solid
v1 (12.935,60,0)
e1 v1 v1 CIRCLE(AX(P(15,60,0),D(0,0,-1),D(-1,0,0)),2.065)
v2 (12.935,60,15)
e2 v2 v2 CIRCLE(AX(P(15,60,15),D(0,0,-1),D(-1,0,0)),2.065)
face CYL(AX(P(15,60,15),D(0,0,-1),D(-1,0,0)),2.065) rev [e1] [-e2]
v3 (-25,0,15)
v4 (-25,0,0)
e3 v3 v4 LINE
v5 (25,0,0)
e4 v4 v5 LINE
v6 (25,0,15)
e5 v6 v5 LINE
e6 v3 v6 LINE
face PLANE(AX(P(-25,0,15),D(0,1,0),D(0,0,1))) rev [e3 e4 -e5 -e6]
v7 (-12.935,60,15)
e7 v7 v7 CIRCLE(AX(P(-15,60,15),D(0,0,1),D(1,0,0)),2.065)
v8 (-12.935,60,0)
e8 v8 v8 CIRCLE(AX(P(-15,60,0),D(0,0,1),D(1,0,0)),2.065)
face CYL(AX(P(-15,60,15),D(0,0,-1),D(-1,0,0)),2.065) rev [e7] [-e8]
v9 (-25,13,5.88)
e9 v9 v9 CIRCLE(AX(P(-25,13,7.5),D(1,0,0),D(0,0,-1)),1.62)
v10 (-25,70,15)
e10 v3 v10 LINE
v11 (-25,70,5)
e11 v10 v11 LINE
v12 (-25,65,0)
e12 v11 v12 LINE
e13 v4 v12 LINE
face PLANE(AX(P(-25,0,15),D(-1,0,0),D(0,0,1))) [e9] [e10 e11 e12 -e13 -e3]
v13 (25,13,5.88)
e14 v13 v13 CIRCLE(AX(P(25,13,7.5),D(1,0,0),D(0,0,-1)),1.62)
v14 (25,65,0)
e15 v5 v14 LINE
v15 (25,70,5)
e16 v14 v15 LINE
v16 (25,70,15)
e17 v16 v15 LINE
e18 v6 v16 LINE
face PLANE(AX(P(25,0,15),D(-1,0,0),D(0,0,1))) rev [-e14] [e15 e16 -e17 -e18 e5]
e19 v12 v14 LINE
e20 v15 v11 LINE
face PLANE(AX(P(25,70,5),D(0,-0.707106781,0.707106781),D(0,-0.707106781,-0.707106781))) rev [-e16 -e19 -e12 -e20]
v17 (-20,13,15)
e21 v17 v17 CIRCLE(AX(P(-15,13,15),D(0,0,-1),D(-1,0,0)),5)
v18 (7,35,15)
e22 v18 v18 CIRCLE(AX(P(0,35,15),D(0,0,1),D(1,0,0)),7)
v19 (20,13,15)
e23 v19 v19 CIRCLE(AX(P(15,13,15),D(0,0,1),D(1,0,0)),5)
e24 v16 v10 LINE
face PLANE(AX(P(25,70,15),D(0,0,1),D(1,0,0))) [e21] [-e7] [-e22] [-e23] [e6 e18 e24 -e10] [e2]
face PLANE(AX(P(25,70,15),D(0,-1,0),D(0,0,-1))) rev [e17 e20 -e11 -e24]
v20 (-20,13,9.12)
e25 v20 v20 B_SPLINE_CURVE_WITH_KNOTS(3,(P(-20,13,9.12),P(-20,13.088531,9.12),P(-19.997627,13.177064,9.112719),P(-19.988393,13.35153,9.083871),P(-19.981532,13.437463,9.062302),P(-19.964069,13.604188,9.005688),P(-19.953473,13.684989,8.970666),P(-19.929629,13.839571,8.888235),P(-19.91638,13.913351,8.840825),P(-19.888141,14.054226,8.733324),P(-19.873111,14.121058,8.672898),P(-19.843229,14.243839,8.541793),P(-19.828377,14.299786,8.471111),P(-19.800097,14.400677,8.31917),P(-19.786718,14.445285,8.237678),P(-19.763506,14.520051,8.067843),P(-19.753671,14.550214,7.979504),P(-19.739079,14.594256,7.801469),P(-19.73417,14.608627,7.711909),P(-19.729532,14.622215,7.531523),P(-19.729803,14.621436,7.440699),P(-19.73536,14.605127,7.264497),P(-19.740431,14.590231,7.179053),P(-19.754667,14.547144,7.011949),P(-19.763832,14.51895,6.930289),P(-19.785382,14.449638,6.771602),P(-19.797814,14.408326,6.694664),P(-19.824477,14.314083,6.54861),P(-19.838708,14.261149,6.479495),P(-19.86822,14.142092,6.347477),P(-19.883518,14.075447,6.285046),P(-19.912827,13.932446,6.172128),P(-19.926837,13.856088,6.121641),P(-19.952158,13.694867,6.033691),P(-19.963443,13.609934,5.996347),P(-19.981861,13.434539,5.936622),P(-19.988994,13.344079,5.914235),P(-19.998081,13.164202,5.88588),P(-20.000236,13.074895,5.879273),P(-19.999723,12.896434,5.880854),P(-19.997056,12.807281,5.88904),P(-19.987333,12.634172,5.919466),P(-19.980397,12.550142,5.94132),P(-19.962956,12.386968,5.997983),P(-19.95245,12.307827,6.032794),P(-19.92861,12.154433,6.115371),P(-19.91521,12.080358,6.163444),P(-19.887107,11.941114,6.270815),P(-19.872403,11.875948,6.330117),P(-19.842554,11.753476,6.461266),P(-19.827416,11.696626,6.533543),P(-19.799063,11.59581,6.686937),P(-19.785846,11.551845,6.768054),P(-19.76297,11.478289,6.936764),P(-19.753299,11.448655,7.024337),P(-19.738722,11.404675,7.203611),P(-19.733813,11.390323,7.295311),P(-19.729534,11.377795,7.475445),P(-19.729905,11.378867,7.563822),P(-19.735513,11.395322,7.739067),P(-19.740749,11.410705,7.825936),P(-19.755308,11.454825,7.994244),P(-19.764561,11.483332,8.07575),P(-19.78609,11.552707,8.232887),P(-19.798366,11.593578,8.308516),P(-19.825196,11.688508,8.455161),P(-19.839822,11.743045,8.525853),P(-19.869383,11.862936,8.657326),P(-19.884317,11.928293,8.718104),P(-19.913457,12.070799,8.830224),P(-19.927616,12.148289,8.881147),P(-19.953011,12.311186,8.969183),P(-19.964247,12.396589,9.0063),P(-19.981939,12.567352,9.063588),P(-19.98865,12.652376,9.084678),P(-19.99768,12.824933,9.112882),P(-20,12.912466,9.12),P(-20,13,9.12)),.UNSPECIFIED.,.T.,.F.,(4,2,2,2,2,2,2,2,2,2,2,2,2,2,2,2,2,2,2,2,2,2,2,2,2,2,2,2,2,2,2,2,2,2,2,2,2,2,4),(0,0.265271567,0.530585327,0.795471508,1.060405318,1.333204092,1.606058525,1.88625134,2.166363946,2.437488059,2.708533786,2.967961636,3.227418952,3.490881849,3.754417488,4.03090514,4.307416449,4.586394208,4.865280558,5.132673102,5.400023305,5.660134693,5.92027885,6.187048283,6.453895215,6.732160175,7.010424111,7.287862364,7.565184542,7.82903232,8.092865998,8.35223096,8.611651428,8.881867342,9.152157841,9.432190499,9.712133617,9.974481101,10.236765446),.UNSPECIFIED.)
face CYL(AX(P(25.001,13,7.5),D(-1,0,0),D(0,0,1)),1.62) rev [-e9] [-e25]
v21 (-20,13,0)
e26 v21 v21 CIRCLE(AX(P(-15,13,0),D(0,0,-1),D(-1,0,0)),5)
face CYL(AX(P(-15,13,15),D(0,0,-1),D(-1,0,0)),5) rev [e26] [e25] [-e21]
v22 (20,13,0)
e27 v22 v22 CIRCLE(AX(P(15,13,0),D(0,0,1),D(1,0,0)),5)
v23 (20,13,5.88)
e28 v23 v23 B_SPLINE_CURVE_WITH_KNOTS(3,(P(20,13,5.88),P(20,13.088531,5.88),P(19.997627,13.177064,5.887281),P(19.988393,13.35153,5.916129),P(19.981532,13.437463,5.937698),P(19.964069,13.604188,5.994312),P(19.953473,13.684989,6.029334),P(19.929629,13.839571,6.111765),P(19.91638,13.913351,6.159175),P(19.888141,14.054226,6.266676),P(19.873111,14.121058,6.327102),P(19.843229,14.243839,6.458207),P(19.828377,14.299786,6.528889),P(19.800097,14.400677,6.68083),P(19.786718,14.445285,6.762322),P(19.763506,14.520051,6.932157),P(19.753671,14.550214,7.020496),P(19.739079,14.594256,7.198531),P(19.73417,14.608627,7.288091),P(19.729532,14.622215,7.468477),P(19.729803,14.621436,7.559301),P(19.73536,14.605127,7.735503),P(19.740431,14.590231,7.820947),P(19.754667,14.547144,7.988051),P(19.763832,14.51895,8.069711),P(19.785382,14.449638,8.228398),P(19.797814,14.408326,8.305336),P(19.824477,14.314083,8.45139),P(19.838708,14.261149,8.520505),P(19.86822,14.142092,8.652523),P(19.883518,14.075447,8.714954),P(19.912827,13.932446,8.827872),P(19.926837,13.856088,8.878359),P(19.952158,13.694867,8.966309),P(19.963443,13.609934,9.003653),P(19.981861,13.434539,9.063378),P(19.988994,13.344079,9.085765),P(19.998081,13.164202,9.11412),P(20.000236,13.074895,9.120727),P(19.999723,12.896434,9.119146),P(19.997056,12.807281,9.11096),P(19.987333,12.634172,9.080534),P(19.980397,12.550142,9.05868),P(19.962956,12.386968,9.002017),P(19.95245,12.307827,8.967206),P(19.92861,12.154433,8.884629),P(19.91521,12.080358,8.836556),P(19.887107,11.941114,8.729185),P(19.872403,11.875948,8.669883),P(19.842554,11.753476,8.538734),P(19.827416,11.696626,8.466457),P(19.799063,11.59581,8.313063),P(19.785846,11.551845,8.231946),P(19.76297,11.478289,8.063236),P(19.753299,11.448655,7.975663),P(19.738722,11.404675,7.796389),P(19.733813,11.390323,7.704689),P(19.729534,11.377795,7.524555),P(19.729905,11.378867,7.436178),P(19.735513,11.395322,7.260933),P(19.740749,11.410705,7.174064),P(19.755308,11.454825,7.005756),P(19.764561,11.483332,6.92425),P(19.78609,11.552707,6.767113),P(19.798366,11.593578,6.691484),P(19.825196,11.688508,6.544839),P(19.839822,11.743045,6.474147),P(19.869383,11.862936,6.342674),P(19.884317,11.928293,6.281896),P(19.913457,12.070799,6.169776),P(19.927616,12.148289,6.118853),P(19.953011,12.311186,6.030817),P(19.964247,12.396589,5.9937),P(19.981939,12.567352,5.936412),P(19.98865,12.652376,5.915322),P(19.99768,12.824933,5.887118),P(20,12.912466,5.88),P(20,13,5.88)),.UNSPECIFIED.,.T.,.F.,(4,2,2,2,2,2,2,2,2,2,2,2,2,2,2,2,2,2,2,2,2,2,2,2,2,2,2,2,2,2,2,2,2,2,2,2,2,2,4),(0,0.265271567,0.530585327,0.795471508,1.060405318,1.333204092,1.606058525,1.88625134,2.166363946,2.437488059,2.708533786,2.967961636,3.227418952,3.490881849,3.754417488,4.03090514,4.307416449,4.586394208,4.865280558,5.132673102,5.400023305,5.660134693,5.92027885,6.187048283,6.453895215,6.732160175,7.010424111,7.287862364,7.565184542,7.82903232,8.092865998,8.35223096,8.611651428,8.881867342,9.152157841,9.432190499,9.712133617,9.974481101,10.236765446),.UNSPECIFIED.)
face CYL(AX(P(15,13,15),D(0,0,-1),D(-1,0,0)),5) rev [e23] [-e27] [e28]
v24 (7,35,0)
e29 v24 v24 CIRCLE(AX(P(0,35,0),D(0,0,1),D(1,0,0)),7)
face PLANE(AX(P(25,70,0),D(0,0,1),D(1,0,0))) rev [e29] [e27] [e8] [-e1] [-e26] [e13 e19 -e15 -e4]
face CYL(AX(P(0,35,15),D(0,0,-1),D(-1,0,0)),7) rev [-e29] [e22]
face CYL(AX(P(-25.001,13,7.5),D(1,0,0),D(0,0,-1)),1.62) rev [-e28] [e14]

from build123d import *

# Parameters (mm, degrees)
ESQUISSE1_W             = 50
ESQUISSE1_H             = 70
ESQUISSE1_R             = 5
ESQUISSE1_R_2           = 7
ESQUISSE1_R_3           = 2.065
BASE_EXTRUSION_DEPTH    = 15
CHANFREIN3_SIZE         = 5
ENL_V_MAT_EXTRU_1_REACH = 89.321
ESQUISSE10_R            = 1.62


with BuildPart() as part:
    # Esquisse1 → Base-Extrusion (new body)
    with BuildSketch(Plane.XY):
        with Locations((0, 35)):
            Rectangle(ESQUISSE1_W, ESQUISSE1_H)
        with Locations((15, 13)):
            Circle(ESQUISSE1_R, mode=Mode.SUBTRACT)
        with Locations(Location((-15, 13, 0), (0, 0, 180))):
            Circle(ESQUISSE1_R, mode=Mode.SUBTRACT)
        with Locations((0, 35)):
            Circle(ESQUISSE1_R_2, mode=Mode.SUBTRACT)
        with Locations((-15, 60)):
            Circle(ESQUISSE1_R_3, mode=Mode.SUBTRACT)
        with Locations(Location((15, 60, 0), (0, 0, 180))):
            Circle(ESQUISSE1_R_3, mode=Mode.SUBTRACT)
    extrude(amount=BASE_EXTRUSION_DEPTH)

    # Chanfrein3
    chanfrein3_edges = [part.edges().sort_by_distance(p)[0] for p in [
        (0, 70, 0),
    ]]
    chamfer(chanfrein3_edges, length=CHANFREIN3_SIZE)

    # Esquisse10 → Enlèv. mat.-Extru.1 (cut, up to next)
    with BuildSketch(Plane(origin=(25, 0, 0), x_dir=(0, 0, -1), z_dir=(1, 0, 0)), mode=Mode.PRIVATE) as enl_v_mat_extru_1_sk1:
        with Locations((-7.5, 13)):
            Circle(ESQUISSE10_R)
    enl_v_mat_extru_1_tool1 = extrude(enl_v_mat_extru_1_sk1.sketch, amount=-ENL_V_MAT_EXTRU_1_REACH, mode=Mode.PRIVATE) & part.part
    enl_v_mat_extru_1 = enl_v_mat_extru_1_tool1.solids().sort_by_distance((25, 13, 7.5))[0]
    add(enl_v_mat_extru_1, mode=Mode.SUBTRACT)

    # Symétrie1: Enlèv. mat.-Extru.1 across plane
    add(enl_v_mat_extru_1.mirror(Plane(origin=(0, 0, 0), x_dir=(0, 0, 1), z_dir=(1, 0, 0))), mode=Mode.SUBTRACT)


solid = part.part
